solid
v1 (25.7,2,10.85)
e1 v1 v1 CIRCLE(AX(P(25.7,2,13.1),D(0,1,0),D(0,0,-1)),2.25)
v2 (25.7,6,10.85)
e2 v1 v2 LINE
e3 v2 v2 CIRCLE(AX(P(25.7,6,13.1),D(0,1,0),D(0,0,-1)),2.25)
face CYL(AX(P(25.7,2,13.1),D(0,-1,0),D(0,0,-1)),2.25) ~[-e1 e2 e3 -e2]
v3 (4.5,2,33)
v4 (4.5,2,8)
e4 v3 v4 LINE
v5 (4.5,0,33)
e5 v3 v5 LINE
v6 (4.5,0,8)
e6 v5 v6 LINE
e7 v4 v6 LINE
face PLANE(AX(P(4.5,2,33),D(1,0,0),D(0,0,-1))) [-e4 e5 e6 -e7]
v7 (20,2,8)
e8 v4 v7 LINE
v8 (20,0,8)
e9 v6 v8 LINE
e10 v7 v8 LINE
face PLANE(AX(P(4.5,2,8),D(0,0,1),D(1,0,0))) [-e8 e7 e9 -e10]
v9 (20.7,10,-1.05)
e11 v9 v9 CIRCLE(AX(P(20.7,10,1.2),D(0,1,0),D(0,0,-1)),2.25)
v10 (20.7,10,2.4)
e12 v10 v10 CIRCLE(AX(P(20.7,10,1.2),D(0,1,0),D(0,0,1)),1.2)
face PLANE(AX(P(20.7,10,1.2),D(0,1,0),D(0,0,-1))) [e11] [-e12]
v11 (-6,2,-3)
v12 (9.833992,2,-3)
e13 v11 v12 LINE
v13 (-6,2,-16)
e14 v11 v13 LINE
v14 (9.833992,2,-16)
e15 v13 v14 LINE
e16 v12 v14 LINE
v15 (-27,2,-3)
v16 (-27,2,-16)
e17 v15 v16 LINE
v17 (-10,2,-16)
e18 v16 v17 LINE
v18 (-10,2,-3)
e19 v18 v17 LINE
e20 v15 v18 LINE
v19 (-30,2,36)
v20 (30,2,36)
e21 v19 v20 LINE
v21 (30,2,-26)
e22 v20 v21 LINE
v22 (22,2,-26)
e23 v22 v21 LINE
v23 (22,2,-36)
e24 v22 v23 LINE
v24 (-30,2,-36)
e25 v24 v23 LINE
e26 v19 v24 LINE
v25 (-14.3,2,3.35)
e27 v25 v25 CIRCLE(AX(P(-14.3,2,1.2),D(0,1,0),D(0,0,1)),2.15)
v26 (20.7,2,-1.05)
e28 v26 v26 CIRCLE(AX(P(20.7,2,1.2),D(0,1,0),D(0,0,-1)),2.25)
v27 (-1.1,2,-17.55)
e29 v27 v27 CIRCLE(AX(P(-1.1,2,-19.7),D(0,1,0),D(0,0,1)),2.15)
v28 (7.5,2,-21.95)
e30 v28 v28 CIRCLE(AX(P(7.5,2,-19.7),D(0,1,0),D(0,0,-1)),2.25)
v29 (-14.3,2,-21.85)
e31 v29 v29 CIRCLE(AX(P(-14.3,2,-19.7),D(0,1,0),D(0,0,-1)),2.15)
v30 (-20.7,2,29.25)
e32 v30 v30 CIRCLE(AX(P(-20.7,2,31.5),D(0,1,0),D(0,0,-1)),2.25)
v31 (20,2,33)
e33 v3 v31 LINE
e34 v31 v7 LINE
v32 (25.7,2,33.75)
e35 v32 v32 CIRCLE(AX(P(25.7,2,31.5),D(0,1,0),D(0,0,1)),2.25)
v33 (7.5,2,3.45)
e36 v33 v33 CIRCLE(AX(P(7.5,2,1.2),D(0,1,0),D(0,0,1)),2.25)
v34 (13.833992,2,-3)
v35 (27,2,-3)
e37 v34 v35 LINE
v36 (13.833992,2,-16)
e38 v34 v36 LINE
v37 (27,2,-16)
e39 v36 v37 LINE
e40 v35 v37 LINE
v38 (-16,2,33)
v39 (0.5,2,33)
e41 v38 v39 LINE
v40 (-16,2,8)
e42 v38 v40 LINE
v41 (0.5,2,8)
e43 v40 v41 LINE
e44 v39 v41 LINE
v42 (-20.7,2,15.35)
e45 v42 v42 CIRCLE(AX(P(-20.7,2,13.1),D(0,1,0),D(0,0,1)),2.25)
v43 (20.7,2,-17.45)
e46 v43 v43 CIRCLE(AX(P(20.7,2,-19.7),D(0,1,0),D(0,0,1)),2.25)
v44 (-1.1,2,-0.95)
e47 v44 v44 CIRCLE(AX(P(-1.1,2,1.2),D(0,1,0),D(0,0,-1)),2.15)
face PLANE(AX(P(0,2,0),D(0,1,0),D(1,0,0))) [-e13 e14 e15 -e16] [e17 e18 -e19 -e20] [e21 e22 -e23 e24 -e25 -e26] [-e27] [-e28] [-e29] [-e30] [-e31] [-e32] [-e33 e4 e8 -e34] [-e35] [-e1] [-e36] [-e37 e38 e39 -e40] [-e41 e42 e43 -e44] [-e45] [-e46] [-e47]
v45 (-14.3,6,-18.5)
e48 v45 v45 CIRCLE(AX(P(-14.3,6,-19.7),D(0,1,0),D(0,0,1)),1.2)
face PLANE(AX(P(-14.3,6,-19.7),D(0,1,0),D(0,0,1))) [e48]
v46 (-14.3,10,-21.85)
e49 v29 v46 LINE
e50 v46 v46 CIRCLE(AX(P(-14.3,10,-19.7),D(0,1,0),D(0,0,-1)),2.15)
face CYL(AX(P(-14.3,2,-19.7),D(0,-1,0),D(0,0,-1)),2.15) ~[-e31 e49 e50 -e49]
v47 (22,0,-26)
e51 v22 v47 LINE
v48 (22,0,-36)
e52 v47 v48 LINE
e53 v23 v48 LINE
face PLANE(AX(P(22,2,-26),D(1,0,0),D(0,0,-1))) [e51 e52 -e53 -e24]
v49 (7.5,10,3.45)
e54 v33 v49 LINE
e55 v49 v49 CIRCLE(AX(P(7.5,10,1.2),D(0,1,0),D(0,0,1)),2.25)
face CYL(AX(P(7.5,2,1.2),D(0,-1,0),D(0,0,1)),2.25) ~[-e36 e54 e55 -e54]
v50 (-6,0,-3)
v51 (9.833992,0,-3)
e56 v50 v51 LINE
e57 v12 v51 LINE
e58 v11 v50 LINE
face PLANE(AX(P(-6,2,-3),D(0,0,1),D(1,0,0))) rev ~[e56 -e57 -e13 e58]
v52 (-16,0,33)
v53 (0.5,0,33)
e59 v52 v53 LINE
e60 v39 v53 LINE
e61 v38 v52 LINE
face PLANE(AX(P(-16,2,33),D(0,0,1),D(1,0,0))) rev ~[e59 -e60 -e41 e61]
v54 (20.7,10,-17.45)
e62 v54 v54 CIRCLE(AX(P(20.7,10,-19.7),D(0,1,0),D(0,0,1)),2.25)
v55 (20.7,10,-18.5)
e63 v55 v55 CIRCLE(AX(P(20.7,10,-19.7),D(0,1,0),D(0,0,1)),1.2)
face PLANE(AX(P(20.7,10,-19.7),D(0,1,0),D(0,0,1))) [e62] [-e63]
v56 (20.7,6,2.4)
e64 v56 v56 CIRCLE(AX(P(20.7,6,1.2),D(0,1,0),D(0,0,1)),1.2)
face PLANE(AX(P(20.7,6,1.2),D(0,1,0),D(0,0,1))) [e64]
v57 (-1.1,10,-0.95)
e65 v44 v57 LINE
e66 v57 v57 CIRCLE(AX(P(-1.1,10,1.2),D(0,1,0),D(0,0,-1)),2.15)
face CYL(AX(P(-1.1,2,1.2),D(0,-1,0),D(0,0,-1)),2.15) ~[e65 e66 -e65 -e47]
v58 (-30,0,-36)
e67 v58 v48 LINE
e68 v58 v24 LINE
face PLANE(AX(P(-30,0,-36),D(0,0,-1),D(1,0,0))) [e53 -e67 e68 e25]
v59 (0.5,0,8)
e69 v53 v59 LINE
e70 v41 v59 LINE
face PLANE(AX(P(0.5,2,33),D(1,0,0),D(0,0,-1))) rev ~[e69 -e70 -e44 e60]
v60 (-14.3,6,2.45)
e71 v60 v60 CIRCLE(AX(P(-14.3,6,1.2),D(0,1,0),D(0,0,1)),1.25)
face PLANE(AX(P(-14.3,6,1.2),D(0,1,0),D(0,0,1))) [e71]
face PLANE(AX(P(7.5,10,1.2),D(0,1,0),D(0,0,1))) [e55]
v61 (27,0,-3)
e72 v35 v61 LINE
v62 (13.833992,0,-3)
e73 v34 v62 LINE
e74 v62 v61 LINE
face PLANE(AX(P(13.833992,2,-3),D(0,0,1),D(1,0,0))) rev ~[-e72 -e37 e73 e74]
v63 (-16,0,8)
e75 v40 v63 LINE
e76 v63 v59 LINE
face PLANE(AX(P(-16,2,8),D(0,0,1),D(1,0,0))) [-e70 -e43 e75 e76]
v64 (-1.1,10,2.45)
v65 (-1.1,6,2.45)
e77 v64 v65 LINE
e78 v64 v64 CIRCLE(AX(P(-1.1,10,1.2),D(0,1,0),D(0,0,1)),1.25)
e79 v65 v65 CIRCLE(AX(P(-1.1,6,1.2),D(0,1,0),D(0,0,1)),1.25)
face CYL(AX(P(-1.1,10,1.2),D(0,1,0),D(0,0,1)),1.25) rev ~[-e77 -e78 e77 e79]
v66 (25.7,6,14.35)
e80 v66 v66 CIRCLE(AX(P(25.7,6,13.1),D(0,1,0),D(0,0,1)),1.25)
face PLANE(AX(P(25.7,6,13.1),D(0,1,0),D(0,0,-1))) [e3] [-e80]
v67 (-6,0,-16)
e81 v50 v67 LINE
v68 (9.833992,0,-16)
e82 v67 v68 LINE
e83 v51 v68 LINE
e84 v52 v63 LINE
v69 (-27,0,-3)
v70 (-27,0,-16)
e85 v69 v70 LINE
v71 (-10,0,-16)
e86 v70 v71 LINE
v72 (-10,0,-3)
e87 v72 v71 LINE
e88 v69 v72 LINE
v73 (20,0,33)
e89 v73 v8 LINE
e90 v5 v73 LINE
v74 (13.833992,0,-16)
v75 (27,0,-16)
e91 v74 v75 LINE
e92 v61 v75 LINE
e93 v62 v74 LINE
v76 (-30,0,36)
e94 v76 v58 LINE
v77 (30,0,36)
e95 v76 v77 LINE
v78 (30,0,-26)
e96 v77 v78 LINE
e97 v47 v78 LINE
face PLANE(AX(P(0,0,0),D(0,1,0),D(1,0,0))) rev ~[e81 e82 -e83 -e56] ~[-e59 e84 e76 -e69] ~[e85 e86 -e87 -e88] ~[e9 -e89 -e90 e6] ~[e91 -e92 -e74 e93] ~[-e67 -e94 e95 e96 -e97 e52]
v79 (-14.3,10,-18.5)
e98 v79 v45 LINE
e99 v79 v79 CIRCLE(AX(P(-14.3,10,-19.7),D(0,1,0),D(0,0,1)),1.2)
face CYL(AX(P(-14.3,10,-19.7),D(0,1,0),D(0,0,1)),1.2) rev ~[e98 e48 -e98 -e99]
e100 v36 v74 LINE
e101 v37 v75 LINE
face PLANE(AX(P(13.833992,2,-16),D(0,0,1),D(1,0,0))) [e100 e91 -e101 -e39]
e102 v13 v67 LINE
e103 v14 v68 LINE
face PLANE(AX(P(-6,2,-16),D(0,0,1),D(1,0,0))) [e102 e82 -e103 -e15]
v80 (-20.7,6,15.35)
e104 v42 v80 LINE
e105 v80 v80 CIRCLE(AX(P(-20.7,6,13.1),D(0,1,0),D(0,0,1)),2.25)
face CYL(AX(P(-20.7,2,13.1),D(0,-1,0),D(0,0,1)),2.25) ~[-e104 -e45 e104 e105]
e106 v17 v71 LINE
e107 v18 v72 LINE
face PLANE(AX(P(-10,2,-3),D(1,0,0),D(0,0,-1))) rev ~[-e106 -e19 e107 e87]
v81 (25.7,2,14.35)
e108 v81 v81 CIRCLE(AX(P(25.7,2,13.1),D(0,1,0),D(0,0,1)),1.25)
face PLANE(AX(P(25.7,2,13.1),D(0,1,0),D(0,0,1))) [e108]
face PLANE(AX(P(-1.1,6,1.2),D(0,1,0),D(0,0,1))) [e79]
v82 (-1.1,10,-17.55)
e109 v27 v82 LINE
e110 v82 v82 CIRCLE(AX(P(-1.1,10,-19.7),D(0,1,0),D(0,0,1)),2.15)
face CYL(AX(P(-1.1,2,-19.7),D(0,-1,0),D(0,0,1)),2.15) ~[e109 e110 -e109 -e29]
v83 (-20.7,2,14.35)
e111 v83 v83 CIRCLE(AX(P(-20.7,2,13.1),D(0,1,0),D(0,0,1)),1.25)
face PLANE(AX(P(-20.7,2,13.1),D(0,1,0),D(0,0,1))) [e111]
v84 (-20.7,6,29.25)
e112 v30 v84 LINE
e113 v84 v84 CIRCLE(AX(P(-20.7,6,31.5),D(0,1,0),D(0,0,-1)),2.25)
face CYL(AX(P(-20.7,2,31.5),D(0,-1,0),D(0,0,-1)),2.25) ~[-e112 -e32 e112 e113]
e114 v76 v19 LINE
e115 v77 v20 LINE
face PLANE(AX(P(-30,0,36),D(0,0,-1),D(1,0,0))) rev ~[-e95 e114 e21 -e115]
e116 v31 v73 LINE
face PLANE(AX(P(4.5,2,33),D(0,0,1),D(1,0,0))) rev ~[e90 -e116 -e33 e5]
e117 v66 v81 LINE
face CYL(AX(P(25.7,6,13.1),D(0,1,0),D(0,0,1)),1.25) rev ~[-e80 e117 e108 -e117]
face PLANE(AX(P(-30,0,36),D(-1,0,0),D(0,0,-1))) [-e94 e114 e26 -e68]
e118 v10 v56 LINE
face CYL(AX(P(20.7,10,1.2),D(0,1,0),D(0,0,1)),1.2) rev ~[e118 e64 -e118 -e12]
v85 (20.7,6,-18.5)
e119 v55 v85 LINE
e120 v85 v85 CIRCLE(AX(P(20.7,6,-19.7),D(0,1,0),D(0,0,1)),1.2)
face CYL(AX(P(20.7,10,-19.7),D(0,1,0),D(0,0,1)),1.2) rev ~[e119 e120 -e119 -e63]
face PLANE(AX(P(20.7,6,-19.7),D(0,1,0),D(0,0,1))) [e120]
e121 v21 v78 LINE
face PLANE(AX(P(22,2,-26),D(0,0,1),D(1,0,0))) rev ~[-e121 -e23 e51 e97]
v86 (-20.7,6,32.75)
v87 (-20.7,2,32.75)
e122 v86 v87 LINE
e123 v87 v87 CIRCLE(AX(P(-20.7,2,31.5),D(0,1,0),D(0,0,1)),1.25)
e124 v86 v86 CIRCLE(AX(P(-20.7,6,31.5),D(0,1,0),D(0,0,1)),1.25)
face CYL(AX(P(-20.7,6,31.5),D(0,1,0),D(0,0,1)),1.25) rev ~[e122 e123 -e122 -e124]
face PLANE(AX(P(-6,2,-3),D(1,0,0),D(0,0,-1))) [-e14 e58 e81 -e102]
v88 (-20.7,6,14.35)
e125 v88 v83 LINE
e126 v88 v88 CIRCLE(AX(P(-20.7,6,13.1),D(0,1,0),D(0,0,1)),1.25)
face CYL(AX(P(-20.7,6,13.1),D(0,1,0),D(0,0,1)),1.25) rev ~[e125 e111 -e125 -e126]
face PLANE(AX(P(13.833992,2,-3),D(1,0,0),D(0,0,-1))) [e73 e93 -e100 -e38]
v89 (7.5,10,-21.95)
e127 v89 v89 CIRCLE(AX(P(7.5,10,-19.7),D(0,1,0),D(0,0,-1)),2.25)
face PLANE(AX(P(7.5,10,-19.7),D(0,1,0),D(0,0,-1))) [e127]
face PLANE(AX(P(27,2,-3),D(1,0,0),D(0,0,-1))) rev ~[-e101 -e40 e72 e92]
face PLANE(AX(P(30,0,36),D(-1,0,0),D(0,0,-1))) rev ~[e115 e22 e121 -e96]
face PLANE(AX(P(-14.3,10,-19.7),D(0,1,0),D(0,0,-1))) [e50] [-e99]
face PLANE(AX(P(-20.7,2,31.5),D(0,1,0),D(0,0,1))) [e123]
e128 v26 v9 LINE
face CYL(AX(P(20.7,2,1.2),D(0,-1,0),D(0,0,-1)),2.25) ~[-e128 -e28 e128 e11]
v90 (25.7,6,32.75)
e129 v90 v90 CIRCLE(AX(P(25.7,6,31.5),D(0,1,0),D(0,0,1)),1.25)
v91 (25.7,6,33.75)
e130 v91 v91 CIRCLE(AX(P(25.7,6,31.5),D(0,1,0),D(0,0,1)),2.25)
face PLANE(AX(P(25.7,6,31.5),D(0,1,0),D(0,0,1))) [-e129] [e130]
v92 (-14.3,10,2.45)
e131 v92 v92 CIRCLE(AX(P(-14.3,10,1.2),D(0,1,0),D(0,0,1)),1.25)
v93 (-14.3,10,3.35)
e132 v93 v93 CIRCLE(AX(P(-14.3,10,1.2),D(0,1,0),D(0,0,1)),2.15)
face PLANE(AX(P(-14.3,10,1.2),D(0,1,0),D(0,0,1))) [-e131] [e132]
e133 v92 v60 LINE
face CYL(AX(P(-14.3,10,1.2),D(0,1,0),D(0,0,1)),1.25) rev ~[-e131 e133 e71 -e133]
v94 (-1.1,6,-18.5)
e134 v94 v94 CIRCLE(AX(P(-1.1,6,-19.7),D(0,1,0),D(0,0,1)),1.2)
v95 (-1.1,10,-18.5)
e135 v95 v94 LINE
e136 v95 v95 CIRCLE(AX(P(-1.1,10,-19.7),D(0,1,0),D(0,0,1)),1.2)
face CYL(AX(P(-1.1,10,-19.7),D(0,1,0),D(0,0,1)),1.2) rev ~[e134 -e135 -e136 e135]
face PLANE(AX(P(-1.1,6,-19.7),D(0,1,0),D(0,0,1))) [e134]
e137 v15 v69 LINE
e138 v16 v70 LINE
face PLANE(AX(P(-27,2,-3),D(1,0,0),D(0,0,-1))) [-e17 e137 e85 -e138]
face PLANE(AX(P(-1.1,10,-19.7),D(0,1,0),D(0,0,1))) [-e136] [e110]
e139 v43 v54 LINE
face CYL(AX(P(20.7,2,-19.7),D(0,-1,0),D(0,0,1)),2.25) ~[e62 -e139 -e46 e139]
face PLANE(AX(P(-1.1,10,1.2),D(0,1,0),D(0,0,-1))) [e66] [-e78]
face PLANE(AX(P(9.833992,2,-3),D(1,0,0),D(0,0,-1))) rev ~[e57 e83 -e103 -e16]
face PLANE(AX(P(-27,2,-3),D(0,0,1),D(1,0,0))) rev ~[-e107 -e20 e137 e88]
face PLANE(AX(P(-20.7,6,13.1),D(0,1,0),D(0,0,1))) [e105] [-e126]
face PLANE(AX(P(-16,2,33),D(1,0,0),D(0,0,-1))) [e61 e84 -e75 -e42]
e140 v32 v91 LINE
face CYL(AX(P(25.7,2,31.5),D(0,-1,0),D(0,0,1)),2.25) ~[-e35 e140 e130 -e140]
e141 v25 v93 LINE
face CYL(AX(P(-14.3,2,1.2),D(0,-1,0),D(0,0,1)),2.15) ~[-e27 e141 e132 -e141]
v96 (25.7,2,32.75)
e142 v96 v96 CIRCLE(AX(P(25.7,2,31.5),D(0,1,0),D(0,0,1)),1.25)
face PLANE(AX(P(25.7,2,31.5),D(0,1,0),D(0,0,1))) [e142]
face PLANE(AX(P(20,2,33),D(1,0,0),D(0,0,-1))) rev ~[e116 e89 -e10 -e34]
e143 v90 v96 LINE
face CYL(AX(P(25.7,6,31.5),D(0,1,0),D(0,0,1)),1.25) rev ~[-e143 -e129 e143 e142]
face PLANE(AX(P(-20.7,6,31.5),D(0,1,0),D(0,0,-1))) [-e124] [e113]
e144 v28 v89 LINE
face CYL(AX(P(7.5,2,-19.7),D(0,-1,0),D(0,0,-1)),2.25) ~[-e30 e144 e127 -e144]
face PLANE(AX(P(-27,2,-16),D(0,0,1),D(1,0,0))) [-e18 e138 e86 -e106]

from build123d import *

# Parameters (mm, degrees)
SKETCH1_W               = 60
SKETCH1_H               = 72
BOTTOM_DEPTH            = 2
SKETCH2_R               = 2.25
PIN_LOCS_DEPTH          = 4
SKETCH5_R               = 1.25
PIN_HOLES_DEPTH         = 4
SKETCH3_R               = 2.25
SKETCH3_R_2             = 2.15
SENSOR_PINS_DEPTH       = 8
SKETCH6_R               = 1.25
SKETCH6_R_2             = 1.2
PIN_HOLES_SENSORS_DEPTH = 4
SKETCH4_W               = 8
SKETCH4_H               = 10
POWER_CABLE_DEPTH       = 2
SKETCH7_W               = 16.5
SKETCH7_H               = 25
SKETCH7_W_2             = 17
SKETCH7_H_2             = 13
SKETCH7_W_3             = 15.833991833
SKETCH7_W_4             = 13.166008167
SKETCH7_W_5             = 15.5
CUT_EXTRUDE1_DEPTH      = 2


with BuildPart() as part:
    # Sketch1 → Bottom (new body)
    with BuildSketch(Plane(origin=(0, 0, 0), x_dir=(1, 0, 0), z_dir=(0, 1, 0))):
        Rectangle(SKETCH1_W, SKETCH1_H)
    extrude(amount=BOTTOM_DEPTH)

    # Sketch2 → Pin Locs (add)
    with BuildSketch(Plane(origin=(0, 2, 0), x_dir=(1, 0, 0), z_dir=(0, 1, 0))):
        with Locations(Location((25.7, -13.1, 0), (0, 0, 90))):
            Circle(SKETCH2_R)
        with Locations(Location((-20.7, -13.1, 0), (0, 0, 270))):
            Circle(SKETCH2_R)
        with Locations(Location((25.7, -31.5, 0), (0, 0, 270))):
            Circle(SKETCH2_R)
        with Locations(Location((-20.7, -31.5, 0), (0, 0, 90))):
            Circle(SKETCH2_R)
    extrude(amount=PIN_LOCS_DEPTH)

    # Sketch5 → Pin Holes (cut)
    with BuildSketch(Plane(origin=(0, 6, 0), x_dir=(1, 0, 0), z_dir=(0, 1, 0))):
        with Locations(Location((-20.7, -31.5, 0), (0, 0, 270))):
            Circle(SKETCH5_R)
        with Locations(Location((-20.7, -13.1, 0), (0, 0, 270))):
            Circle(SKETCH5_R)
        with Locations(Location((25.7, -13.1, 0), (0, 0, 270))):
            Circle(SKETCH5_R)
        with Locations(Location((25.7, -31.5, 0), (0, 0, 270))):
            Circle(SKETCH5_R)
    extrude(amount=-PIN_HOLES_DEPTH, mode=Mode.SUBTRACT)

    # Sketch3 → Sensor Pins (add)
    with BuildSketch(Plane(origin=(0, 2, 0), x_dir=(1, 0, 0), z_dir=(0, 1, 0))):
        with Locations(Location((20.7, 19.7, 0), (0, 0, 270))):
            Circle(SKETCH3_R)
        with Locations(Location((20.7, -1.2, 0), (0, 0, 90))):
            Circle(SKETCH3_R)
        with Locations(Location((7.5, -1.2, 0), (0, 0, 270))):
            Circle(SKETCH3_R)
        with Locations(Location((7.5, 19.7, 0), (0, 0, 90))):
            Circle(SKETCH3_R)
        with Locations(Location((-1.1, 19.7, 0), (0, 0, 270))):
            Circle(SKETCH3_R_2)
        with Locations(Location((-1.1, -1.2, 0), (0, 0, 90))):
            Circle(SKETCH3_R_2)
        with Locations(Location((-14.3, -1.2, 0), (0, 0, 270))):
            Circle(SKETCH3_R_2)
        with Locations(Location((-14.3, 19.7, 0), (0, 0, 90))):
            Circle(SKETCH3_R_2)
    extrude(amount=SENSOR_PINS_DEPTH)

    # Sketch6 → Pin Holes Sensors (cut)
    with BuildSketch(Plane(origin=(0, 10, 0), x_dir=(1, 0, 0), z_dir=(0, 1, 0))):
        with Locations(Location((-14.3, -1.2, 0), (0, 0, 270))):
            Circle(SKETCH6_R)
        with Locations(Location((-1.1, -1.2, 0), (0, 0, 270))):
            Circle(SKETCH6_R)
        with Locations(Location((-1.1, 19.7, 0), (0, 0, 270))):
            Circle(SKETCH6_R_2)
        with Locations(Location((-14.3, 19.7, 0), (0, 0, 270))):
            Circle(SKETCH6_R_2)
        with Locations(Location((20.7, -1.2, 0), (0, 0, 270))):
            Circle(SKETCH6_R_2)
        with Locations(Location((20.7, 19.7, 0), (0, 0, 270))):
            Circle(SKETCH6_R_2)
    extrude(amount=-PIN_HOLES_SENSORS_DEPTH, mode=Mode.SUBTRACT)

    # Sketch4 → Power Cable (cut)
    with BuildSketch(Plane(origin=(0, 2, 0), x_dir=(1, 0, 0), z_dir=(0, 1, 0))):
        with Locations((26, 31)):
            Rectangle(SKETCH4_W, SKETCH4_H)
    extrude(amount=-POWER_CABLE_DEPTH, mode=Mode.SUBTRACT)

    # Sketch7 → Cut-Extrude1 (cut)
    with BuildSketch(Plane(origin=(0, 2, 0), x_dir=(1, 0, 0), z_dir=(0, 1, 0))):
        with Locations((-7.75, -20.5)):
            Rectangle(SKETCH7_W, SKETCH7_H)
        with Locations((-18.5, 9.5)):
            Rectangle(SKETCH7_W_2, SKETCH7_H_2)
        with Locations((1.916995917, 9.5)):
            Rectangle(SKETCH7_W_3, SKETCH7_H_2)
        with Locations((20.416995916, 9.5)):
            Rectangle(SKETCH7_W_4, SKETCH7_H_2)
        with Locations((12.25, -20.5)):
            Rectangle(SKETCH7_W_5, SKETCH7_H)
    extrude(amount=-CUT_EXTRUDE1_DEPTH, mode=Mode.SUBTRACT)


solid = part.part
